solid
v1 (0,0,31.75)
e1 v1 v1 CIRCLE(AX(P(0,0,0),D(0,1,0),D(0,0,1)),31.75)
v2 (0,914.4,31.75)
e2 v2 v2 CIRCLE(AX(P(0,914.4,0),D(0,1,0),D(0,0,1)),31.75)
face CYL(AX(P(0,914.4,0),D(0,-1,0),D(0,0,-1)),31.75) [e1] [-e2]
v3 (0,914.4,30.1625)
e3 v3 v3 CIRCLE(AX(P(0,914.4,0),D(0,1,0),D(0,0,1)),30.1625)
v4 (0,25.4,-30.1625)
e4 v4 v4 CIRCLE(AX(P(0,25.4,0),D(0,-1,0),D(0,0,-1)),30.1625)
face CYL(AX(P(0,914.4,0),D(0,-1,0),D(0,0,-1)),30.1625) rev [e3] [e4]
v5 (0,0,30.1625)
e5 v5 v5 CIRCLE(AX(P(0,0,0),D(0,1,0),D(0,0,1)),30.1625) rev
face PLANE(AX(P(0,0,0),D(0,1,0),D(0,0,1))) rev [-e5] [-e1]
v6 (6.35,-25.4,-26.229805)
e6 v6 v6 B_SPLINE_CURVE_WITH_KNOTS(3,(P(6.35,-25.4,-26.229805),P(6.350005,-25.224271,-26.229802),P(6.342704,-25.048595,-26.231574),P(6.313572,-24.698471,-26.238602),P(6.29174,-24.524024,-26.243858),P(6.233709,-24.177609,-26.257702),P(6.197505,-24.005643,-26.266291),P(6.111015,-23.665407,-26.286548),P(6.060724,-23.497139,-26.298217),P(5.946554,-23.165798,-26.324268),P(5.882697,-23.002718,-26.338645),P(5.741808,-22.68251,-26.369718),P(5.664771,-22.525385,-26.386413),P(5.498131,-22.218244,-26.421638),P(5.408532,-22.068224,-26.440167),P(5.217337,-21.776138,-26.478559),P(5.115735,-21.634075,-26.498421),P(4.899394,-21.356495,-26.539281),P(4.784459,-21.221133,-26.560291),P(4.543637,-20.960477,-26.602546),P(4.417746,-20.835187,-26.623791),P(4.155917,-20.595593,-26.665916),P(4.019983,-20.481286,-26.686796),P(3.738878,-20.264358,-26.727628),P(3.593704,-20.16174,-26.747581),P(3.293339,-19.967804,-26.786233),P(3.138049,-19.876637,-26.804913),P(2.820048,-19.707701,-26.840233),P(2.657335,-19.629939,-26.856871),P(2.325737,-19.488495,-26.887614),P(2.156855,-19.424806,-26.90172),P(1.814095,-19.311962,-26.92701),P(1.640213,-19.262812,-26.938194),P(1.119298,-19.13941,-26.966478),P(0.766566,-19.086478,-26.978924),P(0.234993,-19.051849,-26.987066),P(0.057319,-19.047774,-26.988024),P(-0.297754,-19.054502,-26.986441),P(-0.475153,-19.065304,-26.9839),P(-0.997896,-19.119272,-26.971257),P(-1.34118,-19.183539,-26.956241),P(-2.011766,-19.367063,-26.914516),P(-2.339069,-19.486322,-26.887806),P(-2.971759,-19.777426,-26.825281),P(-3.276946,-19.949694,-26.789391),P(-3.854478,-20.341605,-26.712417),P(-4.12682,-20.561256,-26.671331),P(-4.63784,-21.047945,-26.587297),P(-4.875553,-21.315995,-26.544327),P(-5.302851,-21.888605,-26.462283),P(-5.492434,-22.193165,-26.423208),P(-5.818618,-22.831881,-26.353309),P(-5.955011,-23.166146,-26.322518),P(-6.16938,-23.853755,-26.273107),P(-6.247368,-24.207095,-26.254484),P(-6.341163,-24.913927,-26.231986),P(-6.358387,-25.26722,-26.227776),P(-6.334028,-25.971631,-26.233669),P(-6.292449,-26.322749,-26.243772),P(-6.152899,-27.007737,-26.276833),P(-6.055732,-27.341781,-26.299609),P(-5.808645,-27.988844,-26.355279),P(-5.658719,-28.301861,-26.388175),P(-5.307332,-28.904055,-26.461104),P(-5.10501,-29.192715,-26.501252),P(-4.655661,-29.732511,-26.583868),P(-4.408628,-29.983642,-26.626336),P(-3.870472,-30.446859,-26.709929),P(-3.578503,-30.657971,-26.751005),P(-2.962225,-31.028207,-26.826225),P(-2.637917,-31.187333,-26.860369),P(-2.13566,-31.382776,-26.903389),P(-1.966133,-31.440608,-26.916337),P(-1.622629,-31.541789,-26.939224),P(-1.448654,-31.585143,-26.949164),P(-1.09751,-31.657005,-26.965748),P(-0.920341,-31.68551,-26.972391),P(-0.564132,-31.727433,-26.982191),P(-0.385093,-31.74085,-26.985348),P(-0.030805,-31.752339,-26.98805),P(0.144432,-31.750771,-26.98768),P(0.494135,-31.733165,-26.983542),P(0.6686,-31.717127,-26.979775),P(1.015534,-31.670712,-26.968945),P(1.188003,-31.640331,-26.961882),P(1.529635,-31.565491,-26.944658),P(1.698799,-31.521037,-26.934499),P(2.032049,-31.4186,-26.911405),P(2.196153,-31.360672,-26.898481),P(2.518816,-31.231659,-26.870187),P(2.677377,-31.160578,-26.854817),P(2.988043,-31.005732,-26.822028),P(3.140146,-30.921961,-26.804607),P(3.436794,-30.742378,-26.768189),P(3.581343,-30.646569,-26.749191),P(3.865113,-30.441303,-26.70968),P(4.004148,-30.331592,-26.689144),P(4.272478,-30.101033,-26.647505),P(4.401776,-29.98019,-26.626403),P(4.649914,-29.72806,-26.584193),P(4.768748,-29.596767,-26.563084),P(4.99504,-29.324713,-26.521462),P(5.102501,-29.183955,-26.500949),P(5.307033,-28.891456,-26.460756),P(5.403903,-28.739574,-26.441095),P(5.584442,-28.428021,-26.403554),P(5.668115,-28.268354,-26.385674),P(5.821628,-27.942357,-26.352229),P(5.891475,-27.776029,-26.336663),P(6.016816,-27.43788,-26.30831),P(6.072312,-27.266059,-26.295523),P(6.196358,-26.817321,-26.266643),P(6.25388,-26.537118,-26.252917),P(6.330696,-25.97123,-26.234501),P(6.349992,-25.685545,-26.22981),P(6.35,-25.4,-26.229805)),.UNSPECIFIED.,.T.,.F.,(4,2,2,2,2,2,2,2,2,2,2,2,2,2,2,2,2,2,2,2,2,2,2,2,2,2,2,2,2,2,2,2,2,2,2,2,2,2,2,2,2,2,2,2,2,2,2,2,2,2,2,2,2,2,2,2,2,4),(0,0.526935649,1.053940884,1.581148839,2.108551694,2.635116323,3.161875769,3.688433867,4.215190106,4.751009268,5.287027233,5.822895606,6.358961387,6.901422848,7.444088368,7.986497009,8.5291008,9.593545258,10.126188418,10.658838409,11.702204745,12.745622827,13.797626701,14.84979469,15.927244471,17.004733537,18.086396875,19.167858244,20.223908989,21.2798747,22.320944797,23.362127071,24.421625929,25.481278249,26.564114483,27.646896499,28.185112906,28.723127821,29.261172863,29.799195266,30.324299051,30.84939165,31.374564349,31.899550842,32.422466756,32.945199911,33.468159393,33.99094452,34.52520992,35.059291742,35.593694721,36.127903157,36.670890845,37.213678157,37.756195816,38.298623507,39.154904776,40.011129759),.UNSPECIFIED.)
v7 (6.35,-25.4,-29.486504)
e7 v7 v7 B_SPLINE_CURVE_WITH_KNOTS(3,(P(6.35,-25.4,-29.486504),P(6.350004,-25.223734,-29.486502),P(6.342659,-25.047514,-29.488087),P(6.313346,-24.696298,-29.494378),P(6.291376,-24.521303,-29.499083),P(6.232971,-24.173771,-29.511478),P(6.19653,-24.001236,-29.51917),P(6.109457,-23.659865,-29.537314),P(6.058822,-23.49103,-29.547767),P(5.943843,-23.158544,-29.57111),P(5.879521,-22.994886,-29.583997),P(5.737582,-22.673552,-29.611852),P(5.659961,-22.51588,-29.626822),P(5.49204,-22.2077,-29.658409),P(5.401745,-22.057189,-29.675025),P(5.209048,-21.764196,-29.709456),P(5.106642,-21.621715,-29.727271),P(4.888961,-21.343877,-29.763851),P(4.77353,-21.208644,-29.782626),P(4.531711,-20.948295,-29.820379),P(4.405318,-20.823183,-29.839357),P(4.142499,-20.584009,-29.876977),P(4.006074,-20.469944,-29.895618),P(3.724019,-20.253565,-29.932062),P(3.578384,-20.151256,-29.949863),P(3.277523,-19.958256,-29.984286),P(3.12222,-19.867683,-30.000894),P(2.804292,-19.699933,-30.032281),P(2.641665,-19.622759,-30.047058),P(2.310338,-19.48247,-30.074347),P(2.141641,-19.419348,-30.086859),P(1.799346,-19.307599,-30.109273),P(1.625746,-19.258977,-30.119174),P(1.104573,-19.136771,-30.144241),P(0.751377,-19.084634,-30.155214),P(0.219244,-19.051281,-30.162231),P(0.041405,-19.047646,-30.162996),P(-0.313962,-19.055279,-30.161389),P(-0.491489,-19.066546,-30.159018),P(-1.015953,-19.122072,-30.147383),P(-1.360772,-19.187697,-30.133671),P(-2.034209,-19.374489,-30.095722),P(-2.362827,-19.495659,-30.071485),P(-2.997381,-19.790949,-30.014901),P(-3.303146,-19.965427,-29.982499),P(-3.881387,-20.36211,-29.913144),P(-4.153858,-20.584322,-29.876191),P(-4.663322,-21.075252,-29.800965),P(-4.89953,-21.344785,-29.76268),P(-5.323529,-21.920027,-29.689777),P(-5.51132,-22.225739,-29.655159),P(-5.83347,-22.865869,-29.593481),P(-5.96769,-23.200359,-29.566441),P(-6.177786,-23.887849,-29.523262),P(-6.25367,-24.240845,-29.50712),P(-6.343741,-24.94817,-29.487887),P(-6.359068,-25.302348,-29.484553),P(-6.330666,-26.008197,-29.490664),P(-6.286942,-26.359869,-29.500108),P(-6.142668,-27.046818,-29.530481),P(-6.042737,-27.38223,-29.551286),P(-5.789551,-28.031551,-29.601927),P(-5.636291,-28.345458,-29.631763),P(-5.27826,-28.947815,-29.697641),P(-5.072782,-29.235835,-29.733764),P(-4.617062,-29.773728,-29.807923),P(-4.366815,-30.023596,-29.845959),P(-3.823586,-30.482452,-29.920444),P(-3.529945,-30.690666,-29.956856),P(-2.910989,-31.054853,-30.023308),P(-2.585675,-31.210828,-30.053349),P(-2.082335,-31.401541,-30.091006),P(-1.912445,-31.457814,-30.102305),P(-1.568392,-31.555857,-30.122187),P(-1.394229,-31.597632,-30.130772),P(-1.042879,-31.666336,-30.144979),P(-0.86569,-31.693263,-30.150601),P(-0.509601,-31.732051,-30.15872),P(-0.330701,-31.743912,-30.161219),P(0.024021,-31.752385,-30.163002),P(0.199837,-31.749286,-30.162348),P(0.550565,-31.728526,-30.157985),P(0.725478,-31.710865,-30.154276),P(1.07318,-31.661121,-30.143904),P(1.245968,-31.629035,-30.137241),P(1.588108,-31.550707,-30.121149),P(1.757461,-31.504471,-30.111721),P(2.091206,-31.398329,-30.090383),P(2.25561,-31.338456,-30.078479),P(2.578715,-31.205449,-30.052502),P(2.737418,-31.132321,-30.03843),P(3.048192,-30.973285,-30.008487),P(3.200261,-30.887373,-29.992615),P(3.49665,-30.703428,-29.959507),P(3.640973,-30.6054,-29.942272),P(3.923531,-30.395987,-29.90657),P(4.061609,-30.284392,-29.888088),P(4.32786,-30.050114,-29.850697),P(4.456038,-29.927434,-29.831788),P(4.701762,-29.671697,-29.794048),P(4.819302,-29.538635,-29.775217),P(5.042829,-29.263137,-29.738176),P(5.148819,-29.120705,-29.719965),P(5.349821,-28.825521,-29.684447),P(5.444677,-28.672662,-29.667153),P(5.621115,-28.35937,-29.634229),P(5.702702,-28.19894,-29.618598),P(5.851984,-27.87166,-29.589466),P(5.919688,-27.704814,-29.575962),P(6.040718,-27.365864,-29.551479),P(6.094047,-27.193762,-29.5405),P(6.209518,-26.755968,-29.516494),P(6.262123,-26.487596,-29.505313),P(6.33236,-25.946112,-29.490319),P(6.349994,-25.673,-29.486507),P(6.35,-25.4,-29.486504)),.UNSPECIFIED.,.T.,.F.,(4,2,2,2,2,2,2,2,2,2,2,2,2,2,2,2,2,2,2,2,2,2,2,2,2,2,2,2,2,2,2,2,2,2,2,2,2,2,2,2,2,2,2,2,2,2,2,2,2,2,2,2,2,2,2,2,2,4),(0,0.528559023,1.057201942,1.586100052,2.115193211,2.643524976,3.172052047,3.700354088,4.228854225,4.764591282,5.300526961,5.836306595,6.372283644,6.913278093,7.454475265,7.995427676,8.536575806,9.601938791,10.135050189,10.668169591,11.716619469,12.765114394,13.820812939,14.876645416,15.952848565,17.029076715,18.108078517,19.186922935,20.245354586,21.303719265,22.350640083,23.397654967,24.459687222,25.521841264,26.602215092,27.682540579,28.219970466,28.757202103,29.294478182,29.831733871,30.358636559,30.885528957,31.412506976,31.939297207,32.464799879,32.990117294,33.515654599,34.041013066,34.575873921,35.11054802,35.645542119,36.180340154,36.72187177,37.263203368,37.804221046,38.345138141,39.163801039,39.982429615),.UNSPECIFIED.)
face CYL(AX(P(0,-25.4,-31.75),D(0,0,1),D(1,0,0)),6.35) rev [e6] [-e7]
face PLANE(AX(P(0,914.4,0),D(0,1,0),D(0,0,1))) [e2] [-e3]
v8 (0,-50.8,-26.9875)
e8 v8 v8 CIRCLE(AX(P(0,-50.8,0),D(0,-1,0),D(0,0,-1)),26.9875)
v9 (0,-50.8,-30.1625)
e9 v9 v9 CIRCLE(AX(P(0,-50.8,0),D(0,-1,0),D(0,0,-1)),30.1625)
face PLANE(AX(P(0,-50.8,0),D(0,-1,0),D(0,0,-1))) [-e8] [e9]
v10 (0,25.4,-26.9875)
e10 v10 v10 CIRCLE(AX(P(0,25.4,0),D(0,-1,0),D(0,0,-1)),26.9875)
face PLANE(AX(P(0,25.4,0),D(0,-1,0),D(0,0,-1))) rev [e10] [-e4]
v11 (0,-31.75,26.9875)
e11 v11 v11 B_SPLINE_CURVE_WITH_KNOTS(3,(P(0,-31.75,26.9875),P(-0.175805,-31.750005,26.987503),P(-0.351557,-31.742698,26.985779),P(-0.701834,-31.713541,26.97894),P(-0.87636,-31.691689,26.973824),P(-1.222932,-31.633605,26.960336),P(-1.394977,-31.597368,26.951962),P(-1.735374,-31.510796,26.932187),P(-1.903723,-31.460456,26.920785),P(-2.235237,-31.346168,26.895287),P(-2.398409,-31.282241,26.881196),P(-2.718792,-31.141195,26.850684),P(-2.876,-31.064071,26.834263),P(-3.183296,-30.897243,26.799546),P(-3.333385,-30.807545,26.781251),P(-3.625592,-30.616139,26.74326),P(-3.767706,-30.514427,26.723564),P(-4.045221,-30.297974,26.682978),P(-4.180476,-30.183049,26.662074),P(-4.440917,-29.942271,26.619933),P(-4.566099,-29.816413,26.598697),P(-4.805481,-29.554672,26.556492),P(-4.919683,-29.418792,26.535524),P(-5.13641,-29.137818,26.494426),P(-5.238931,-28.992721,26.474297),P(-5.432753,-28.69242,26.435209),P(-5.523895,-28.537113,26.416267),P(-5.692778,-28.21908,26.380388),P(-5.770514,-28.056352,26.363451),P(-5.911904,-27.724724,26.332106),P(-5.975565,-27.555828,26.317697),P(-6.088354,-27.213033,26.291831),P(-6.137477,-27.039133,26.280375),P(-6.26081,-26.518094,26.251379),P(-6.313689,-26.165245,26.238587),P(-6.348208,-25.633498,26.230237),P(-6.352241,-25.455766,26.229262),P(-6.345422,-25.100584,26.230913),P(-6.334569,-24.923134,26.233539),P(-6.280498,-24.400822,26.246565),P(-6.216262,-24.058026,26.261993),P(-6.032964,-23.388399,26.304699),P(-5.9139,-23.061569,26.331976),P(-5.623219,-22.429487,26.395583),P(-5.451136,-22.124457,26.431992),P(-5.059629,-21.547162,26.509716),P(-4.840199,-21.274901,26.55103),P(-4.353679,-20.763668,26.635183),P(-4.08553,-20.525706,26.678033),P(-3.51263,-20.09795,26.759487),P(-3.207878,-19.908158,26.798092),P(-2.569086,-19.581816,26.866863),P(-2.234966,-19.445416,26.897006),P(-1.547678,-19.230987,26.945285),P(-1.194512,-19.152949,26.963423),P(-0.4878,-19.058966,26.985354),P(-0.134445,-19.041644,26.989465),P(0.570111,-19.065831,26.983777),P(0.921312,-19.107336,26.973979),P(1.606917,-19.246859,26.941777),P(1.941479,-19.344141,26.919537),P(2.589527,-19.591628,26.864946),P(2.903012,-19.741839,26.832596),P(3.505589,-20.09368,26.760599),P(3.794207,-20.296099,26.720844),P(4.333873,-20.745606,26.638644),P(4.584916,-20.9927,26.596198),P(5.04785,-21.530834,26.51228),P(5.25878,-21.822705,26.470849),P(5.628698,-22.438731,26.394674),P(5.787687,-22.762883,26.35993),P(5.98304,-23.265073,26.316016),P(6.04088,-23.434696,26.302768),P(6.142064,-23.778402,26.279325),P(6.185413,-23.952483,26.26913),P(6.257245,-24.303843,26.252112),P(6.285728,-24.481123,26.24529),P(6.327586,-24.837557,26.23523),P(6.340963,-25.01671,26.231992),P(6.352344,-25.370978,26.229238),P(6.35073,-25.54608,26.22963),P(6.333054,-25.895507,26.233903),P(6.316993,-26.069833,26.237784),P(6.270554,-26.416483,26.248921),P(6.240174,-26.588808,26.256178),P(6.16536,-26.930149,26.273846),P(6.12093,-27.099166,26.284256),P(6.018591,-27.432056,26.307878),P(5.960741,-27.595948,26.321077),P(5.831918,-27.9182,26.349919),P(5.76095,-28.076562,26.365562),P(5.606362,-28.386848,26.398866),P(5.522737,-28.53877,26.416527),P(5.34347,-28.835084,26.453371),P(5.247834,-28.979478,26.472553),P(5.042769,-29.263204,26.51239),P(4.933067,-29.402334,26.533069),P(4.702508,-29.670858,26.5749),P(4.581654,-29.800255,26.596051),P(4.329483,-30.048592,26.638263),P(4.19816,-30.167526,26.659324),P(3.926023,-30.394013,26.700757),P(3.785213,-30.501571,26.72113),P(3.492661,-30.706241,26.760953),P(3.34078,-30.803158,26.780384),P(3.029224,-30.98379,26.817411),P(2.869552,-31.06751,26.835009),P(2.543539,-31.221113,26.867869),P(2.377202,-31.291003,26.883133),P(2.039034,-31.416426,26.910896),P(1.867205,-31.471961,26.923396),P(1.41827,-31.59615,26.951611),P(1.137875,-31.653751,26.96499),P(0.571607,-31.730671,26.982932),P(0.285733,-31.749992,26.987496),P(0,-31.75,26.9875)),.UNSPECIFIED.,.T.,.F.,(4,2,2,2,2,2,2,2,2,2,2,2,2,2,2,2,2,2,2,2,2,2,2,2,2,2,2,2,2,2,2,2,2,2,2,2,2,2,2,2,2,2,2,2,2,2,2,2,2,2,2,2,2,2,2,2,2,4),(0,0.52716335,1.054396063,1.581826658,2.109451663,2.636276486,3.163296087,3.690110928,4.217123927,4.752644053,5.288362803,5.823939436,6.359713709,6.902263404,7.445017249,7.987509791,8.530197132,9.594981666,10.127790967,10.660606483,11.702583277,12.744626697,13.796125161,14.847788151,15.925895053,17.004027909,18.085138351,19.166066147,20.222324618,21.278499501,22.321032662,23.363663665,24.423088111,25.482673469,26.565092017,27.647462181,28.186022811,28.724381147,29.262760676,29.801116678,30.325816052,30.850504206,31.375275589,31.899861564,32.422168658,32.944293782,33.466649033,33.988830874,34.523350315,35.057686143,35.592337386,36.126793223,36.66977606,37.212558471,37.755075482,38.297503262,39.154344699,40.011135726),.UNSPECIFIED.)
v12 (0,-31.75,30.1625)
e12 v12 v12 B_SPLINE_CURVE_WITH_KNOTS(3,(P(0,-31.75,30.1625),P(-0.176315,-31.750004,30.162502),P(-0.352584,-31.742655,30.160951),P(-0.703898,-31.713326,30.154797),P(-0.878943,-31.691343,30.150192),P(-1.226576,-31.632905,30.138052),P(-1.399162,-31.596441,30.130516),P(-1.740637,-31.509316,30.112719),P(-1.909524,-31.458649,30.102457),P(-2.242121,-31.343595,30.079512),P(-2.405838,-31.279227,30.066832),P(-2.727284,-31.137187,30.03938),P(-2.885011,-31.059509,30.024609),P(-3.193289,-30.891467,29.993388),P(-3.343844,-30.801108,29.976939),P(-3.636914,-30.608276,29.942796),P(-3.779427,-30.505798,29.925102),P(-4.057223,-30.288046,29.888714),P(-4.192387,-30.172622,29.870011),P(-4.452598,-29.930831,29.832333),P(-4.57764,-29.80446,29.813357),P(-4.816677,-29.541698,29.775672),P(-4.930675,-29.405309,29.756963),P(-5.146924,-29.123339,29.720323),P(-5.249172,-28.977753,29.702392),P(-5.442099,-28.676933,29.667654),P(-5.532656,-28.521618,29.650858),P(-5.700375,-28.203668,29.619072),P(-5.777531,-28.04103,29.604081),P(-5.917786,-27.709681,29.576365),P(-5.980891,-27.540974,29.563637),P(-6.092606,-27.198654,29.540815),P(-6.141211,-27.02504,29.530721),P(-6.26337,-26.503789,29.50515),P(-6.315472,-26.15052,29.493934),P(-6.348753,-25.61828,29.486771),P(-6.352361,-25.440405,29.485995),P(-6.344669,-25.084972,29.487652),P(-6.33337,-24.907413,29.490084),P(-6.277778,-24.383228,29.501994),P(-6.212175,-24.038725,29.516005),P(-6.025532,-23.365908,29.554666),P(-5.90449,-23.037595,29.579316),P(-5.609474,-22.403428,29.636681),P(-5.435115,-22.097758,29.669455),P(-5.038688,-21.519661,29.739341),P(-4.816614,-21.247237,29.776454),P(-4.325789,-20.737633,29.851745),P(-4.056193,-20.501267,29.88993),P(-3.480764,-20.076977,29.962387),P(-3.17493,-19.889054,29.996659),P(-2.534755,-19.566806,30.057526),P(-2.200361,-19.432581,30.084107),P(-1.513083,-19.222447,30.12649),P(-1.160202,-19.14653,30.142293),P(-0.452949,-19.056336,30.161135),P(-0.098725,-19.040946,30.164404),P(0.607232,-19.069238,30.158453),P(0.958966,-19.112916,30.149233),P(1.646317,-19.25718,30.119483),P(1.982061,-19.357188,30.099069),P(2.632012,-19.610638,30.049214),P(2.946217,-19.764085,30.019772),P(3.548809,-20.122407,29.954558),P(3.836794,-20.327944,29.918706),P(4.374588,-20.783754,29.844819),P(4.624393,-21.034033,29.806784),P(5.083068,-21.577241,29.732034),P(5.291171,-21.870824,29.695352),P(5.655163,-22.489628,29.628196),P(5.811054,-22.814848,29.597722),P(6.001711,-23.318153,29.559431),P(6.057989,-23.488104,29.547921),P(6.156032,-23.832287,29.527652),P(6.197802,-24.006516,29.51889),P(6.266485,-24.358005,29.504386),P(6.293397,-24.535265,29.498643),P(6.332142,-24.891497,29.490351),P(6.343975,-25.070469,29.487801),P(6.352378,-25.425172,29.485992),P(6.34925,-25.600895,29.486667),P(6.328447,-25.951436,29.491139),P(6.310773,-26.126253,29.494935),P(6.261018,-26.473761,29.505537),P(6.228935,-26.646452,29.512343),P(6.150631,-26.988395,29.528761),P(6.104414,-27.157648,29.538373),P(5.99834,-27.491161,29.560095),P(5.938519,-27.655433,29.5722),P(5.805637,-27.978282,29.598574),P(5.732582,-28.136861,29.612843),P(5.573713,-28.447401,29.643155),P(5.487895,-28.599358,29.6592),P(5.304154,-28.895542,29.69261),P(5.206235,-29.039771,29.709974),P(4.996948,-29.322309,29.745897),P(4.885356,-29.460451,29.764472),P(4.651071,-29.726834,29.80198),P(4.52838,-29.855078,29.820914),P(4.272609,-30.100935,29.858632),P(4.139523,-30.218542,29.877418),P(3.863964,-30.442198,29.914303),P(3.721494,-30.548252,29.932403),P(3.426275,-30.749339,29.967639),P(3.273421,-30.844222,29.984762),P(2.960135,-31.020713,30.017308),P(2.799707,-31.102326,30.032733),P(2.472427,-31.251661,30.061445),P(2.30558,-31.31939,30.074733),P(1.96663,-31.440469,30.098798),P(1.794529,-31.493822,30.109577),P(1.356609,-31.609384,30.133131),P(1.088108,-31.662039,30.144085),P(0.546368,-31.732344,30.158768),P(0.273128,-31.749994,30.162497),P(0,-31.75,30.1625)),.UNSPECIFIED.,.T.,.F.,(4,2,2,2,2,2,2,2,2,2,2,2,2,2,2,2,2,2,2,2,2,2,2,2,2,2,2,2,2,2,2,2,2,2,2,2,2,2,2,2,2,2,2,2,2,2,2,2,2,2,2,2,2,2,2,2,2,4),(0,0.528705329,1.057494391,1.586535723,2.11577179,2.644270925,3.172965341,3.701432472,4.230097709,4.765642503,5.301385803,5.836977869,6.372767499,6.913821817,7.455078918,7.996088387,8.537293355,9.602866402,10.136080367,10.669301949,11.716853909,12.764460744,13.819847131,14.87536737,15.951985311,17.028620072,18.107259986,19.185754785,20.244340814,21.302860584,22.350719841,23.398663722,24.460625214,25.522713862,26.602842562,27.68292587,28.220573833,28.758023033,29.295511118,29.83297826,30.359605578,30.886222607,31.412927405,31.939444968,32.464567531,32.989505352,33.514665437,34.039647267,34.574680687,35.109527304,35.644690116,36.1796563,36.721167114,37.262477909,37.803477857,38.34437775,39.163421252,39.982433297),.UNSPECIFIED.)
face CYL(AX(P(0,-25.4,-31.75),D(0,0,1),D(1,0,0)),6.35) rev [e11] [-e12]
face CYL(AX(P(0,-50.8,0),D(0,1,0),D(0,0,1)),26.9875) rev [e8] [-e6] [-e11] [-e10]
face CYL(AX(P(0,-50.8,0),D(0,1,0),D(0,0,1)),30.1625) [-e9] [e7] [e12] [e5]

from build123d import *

# Parameters (mm, degrees)
SKETCH1_R                = 31.75
SKETCH1_R_2              = 30.1625
BOSS_EXTRUDE1_DEPTH      = 914.4
BOSS_EXTRUDE2_DEPTH      = 50.8
BOSS_EXTRUDE2_DEPTH_BACK = 25.4
SKETCH3_R                = 30.1625
SKETCH3_R_2              = 26.9875
CUT_EXTRUDE2_DEPTH       = 916.501766792
CUT_EXTRUDE2_DEPTH_BACK  = 916.501766792
SKETCH7_R                = 6.35


with BuildPart() as part:
    # Sketch1 → Boss-Extrude1 (new body)
    with BuildSketch(Plane(origin=(0, 0, 0), x_dir=(1, 0, 0), z_dir=(0, 1, 0))):
        with Locations(Location((0, 0, 0), (0, 0, 270))):
            Circle(SKETCH1_R)
        with Locations(Location((0, 0, 0), (0, 0, 270))):
            Circle(SKETCH1_R_2, mode=Mode.SUBTRACT)
    extrude(amount=BOSS_EXTRUDE1_DEPTH)

    # Sketch3 → Boss-Extrude2 (add, two sides: drawn at the far end of the back side and taken through both)
    with BuildSketch(Plane.XZ.offset(-BOSS_EXTRUDE2_DEPTH_BACK)):
        with Locations(Location((0, 0, 0), (0, 0, 270))):
            Circle(SKETCH3_R)
        with Locations(Location((0, 0, 0), (0, 0, 270))):
            Circle(SKETCH3_R_2, mode=Mode.SUBTRACT)
    extrude(amount=BOSS_EXTRUDE2_DEPTH + BOSS_EXTRUDE2_DEPTH_BACK)

    # Sketch7 → Cut-Extrude2 (cut, two sides: drawn at the far end of the back side and taken through both)
    with BuildSketch(Plane.XY.offset(-CUT_EXTRUDE2_DEPTH_BACK)):
        with Locations((0, -25.4)):
            Circle(SKETCH7_R)
    extrude(amount=CUT_EXTRUDE2_DEPTH + CUT_EXTRUDE2_DEPTH_BACK, mode=Mode.SUBTRACT)


solid = part.part
